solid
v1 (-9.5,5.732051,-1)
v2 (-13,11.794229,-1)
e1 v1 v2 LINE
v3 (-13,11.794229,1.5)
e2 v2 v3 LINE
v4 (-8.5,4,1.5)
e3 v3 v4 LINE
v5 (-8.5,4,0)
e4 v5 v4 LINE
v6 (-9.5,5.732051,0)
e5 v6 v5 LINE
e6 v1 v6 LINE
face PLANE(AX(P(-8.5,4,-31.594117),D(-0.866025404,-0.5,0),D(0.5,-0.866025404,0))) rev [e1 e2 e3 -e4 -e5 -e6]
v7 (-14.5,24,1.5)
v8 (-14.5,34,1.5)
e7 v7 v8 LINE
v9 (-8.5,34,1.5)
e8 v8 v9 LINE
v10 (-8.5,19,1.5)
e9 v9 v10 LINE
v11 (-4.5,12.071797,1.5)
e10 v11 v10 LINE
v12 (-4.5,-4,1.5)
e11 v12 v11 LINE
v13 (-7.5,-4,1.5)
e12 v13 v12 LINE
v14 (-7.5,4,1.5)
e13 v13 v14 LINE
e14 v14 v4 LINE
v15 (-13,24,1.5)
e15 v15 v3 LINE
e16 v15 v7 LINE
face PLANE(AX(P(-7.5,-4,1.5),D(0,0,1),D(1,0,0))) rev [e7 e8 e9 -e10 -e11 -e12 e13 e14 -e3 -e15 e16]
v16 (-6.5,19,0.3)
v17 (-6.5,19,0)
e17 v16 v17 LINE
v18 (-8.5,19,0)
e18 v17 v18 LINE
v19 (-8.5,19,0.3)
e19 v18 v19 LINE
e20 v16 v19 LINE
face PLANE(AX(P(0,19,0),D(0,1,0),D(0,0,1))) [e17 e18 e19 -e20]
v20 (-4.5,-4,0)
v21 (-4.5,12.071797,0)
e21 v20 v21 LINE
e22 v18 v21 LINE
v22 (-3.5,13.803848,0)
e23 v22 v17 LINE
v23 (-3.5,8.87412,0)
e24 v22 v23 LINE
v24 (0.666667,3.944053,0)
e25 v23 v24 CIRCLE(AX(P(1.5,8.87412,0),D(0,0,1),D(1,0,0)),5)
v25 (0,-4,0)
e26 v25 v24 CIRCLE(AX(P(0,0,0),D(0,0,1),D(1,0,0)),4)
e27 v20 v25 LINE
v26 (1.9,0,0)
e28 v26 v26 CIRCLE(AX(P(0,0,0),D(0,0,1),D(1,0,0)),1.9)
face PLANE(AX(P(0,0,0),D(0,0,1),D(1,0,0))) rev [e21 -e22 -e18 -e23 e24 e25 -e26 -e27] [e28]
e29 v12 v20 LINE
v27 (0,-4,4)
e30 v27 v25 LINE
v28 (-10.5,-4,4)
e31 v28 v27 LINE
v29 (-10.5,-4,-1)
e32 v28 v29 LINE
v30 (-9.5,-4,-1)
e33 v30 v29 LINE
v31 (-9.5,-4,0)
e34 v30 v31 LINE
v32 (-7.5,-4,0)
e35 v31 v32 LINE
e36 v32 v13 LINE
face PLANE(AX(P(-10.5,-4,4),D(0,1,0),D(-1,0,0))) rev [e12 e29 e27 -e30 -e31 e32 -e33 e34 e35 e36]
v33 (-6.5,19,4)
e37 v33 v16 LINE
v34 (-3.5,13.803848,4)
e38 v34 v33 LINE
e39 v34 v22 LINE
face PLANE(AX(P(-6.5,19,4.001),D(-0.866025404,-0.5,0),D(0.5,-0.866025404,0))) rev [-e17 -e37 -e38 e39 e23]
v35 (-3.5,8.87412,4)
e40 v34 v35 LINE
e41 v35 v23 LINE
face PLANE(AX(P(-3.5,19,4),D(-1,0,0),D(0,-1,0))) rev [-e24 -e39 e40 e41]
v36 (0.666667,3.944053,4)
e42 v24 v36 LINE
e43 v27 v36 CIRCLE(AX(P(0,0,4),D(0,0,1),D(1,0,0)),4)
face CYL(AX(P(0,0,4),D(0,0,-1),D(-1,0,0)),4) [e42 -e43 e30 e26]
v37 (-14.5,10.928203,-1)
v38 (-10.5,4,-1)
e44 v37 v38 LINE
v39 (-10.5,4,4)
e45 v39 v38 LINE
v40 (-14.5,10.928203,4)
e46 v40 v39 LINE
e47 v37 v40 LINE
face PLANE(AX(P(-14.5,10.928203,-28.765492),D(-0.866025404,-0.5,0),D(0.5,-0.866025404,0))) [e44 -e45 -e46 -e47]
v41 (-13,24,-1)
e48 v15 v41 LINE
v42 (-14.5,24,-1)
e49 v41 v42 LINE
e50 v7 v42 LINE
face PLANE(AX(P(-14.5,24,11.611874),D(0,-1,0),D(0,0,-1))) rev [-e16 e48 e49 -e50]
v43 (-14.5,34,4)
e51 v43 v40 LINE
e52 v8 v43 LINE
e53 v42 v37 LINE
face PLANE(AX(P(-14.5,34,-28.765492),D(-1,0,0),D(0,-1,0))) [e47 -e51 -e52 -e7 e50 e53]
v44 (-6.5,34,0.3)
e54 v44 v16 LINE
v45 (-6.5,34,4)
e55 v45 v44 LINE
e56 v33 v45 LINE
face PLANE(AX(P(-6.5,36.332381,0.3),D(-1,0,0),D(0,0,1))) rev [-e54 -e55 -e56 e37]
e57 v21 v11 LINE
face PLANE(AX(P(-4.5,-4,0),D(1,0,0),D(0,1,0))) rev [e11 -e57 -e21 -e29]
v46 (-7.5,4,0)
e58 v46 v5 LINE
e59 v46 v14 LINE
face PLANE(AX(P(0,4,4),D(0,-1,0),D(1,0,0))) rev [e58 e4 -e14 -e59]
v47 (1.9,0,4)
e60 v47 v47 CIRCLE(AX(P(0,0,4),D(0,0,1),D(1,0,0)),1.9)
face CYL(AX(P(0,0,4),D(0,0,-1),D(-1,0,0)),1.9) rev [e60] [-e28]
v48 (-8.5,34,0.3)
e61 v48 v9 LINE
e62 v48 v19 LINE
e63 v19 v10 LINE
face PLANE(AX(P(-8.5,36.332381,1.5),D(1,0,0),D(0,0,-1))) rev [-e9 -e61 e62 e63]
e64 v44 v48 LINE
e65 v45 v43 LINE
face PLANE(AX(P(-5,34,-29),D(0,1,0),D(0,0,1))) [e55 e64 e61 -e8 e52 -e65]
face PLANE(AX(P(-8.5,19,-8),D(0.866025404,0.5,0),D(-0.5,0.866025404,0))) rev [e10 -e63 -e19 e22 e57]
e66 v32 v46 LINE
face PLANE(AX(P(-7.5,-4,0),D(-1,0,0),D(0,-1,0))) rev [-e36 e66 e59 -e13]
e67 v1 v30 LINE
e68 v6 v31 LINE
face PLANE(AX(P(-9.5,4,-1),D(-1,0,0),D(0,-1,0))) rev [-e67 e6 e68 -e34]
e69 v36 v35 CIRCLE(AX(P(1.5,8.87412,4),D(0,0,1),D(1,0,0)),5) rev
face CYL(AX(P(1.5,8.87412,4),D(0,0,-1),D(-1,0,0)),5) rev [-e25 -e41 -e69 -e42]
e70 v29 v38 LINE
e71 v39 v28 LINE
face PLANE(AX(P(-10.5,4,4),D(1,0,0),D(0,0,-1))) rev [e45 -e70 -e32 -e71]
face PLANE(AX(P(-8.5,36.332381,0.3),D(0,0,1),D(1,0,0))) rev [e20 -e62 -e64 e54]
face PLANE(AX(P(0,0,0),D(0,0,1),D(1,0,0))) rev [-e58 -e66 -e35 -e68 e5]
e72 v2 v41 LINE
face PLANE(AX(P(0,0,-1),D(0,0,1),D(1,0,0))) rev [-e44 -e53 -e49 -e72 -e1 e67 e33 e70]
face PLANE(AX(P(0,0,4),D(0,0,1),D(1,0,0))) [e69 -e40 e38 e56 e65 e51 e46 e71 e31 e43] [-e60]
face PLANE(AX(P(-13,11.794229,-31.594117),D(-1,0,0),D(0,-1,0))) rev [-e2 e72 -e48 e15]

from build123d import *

# Parameters (mm, degrees)
SKETCH_1_R          = 1.9
EXTRUDE_1_DEPTH     = 4
SKETCH_2_W          = 3
SKETCH_2_H          = 1.5
CUT_EXTRUDE_1_DEPTH = 14.793114224
SKETCH_3_W          = 1
SKETCH_3_H          = 8
EXTRUDE_2_DEPTH     = 1
SKETCH_4_W          = 5.5
SKETCH_4_H          = 30
EXTRUDE_3_DEPTH     = 2.5
EXTRUDE_4_DEPTH     = 15
SKETCH_6_W          = 2
SKETCH_6_H          = 1.2
EXTRUDE_5_DEPTH     = 15
EXTRUDE_6_REACH     = 37.672
CUT_EXTRUDE_2_REACH = 37.809
EXTRUDE_7_DEPTH     = 2.5
EXTRUDE_8_REACH     = 39.047
SKETCH_11_W         = 1.5
SKETCH_11_H         = 10
CUT_EXTRUDE_3_DEPTH = 2.5
CUT_EXTRUDE_4_REACH = 35.56
SKETCH_12_W         = 1
SKETCH_12_H         = 1
FILLET_1_R          = 5


with BuildPart() as part:
    # 草图1 → 凸台-拉伸1 (new body)
    with BuildSketch(Plane.XY):
        with BuildLine():
            Line((0, 4), (-10.5, 4))
            Line((-10.5, 4), (-10.5, -4))
            Line((-10.5, -4), (0, -4))
            ThreePointArc((0, -4), (4, 0), (0, 4))
        make_face()
        Circle(SKETCH_1_R, mode=Mode.SUBTRACT)
    extrude(amount=EXTRUDE_1_DEPTH)

    # 草图2 → 切除-拉伸1 (cut, through all)
    with BuildSketch(Plane(origin=(0, 4, 0), x_dir=(1, 0, 0), z_dir=(0, 1, 0))):
        with Locations((-6, -0.75)):
            Rectangle(SKETCH_2_W, SKETCH_2_H)
    extrude(amount=-CUT_EXTRUDE_1_DEPTH, mode=Mode.SUBTRACT)

    # 草图3 → 凸台-拉伸2 (add)
    with BuildSketch(Plane(origin=(0, 0, 0), x_dir=(-1, 0, 0), z_dir=(0, 0, -1))):
        with Locations((10, 0)):
            Rectangle(SKETCH_3_W, SKETCH_3_H)
    extrude(amount=EXTRUDE_2_DEPTH)

    # 草图4 → 凸台-拉伸3 (add)
    with BuildSketch(Plane.XY.offset(4)):
        with Locations((-7.75, 19)):
            Rectangle(SKETCH_4_W, SKETCH_4_H)
    extrude(amount=-EXTRUDE_3_DEPTH)

    # 草图5 → 凸台-拉伸4 (add)
    with BuildSketch(Plane(origin=(0, 4, 0), x_dir=(1, 0, 0), z_dir=(0, 1, 0))):
        Polygon((-5, -4), (-3.5, -4), (-3.5, 0), (-4.5, 0), (-4.5, -1.5), (-5, -1.5), align=None)
    extrude(amount=EXTRUDE_4_DEPTH)

    # 草图6 → 凸台-拉伸5 (add)
    with BuildSketch(Plane(origin=(0, 19, 0), x_dir=(1, 0, 0), z_dir=(0, 1, 0))):
        with Locations((-7.5, -0.9)):
            Rectangle(SKETCH_6_W, SKETCH_6_H)
    extrude(amount=EXTRUDE_5_DEPTH)

    # 凸台-拉伸6: up to this face of the body (flat: up to its plane)
    extrude_6_end = Plane(part.part.faces().sort_by_distance((-8.5, 0, 0))[0])
    # 草图7 → 凸台-拉伸6 (add, up to the picked face)
    with BuildSketch(Plane(origin=(0, 0, 1.5), x_dir=(-1, 0, 0), z_dir=(0, 0, -1)), mode=Mode.PRIVATE) as extrude_6_sk1:
        Polygon((8.5, 19), (4.5, 12.07179677), (4.5, 19), align=None)
    extrude_6_tool1 = split(extrude(extrude_6_sk1.sketch, amount=EXTRUDE_6_REACH, mode=Mode.PRIVATE), bisect_by=extrude_6_end, keep=Keep.BOTH, mode=Mode.PRIVATE)
    add(extrude_6_tool1.solids().sort_by(Axis((-5.833333, 16.690599, 1.5), (0, 0, -1)))[0])

    # 草图8 → 切除-拉伸2 (cut, up to next)
    with BuildSketch(Plane(origin=(0, 0, 0), x_dir=(-1, 0, 0), z_dir=(0, 0, -1)), mode=Mode.PRIVATE) as cut_extrude_2_sk1:
        Polygon((6.5, 34), (6.5, 19), (3.5, 13.803847577), (3.5, 19), (5, 19), (5, 34), align=None)
    cut_extrude_2_tool1 = extrude(cut_extrude_2_sk1.sketch, amount=-CUT_EXTRUDE_2_REACH, mode=Mode.PRIVATE) & part.part
    add(cut_extrude_2_tool1.solids().sort_by_distance((-5.428395, 24.124739, 0))[0], mode=Mode.SUBTRACT)

    # 草图9 → 凸台-拉伸7 (add)
    with BuildSketch(Plane.XY.offset(4)):
        Polygon((-10.5, 34), (-14.5, 34), (-14.5, 10.92820323), (-10.5, 4), align=None)
    extrude(amount=-EXTRUDE_7_DEPTH)

    # 凸台-拉伸8: up to this face of the body (flat: up to its plane)
    extrude_8_end = Plane(part.part.faces().sort_by_distance((-10, 0, -1))[0])
    # 草图10 → 凸台-拉伸8 (add, up to the picked face)
    with BuildSketch(Plane(origin=(0, 0, 1.5), x_dir=(-1, 0, 0), z_dir=(0, 0, -1)), mode=Mode.PRIVATE) as extrude_8_sk1:
        Polygon((8.5, 4), (13, 11.794228634), (13, 34), (14.5, 34), (14.5, 10.92820323), (10.5, 4), align=None)
    extrude_8_tool1 = split(extrude(extrude_8_sk1.sketch, amount=EXTRUDE_8_REACH, mode=Mode.PRIVATE), bisect_by=extrude_8_end, keep=Keep.BOTH, mode=Mode.PRIVATE)
    add(extrude_8_tool1.solids().sort_by(Axis((-13.105485, 18.144493, 1.5), (0, 0, -1)))[0])

    # 草图11 → 切除-拉伸3 (cut)
    with BuildSketch(Plane(origin=(0, 0, -1), x_dir=(-1, 0, 0), z_dir=(0, 0, -1))):
        with Locations((13.75, 29)):
            Rectangle(SKETCH_11_W, SKETCH_11_H)
    extrude(amount=-CUT_EXTRUDE_3_DEPTH, mode=Mode.SUBTRACT)

    # 切除-拉伸4: up to this face of the body (flat: up to its plane)
    cut_extrude_4_end = Plane(part.part.faces().sort_by_distance((-10.75, 7.897114317, 0.25))[0])
    # 草图12 → 切除-拉伸4 (cut, up to the picked face)
    with BuildSketch(Plane.XZ.offset(-4), mode=Mode.PRIVATE) as cut_extrude_4_sk1:
        with Locations((-9, -0.5)):
            Rectangle(SKETCH_12_W, SKETCH_12_H)
    cut_extrude_4_tool1 = split(extrude(cut_extrude_4_sk1.sketch, amount=-CUT_EXTRUDE_4_REACH, mode=Mode.PRIVATE), bisect_by=cut_extrude_4_end, keep=Keep.BOTH, mode=Mode.PRIVATE)
    add(cut_extrude_4_tool1.solids().sort_by(Axis((-9, 4, -0.5), (0, 1, 0)))[0], mode=Mode.SUBTRACT)

    # 圆角1
    fillet_1_edges = [part.edges().sort_by_distance(p)[0] for p in [
        (-3.5, 4, 2),
    ]]
    fillet(fillet_1_edges, radius=FILLET_1_R)


solid = part.part
